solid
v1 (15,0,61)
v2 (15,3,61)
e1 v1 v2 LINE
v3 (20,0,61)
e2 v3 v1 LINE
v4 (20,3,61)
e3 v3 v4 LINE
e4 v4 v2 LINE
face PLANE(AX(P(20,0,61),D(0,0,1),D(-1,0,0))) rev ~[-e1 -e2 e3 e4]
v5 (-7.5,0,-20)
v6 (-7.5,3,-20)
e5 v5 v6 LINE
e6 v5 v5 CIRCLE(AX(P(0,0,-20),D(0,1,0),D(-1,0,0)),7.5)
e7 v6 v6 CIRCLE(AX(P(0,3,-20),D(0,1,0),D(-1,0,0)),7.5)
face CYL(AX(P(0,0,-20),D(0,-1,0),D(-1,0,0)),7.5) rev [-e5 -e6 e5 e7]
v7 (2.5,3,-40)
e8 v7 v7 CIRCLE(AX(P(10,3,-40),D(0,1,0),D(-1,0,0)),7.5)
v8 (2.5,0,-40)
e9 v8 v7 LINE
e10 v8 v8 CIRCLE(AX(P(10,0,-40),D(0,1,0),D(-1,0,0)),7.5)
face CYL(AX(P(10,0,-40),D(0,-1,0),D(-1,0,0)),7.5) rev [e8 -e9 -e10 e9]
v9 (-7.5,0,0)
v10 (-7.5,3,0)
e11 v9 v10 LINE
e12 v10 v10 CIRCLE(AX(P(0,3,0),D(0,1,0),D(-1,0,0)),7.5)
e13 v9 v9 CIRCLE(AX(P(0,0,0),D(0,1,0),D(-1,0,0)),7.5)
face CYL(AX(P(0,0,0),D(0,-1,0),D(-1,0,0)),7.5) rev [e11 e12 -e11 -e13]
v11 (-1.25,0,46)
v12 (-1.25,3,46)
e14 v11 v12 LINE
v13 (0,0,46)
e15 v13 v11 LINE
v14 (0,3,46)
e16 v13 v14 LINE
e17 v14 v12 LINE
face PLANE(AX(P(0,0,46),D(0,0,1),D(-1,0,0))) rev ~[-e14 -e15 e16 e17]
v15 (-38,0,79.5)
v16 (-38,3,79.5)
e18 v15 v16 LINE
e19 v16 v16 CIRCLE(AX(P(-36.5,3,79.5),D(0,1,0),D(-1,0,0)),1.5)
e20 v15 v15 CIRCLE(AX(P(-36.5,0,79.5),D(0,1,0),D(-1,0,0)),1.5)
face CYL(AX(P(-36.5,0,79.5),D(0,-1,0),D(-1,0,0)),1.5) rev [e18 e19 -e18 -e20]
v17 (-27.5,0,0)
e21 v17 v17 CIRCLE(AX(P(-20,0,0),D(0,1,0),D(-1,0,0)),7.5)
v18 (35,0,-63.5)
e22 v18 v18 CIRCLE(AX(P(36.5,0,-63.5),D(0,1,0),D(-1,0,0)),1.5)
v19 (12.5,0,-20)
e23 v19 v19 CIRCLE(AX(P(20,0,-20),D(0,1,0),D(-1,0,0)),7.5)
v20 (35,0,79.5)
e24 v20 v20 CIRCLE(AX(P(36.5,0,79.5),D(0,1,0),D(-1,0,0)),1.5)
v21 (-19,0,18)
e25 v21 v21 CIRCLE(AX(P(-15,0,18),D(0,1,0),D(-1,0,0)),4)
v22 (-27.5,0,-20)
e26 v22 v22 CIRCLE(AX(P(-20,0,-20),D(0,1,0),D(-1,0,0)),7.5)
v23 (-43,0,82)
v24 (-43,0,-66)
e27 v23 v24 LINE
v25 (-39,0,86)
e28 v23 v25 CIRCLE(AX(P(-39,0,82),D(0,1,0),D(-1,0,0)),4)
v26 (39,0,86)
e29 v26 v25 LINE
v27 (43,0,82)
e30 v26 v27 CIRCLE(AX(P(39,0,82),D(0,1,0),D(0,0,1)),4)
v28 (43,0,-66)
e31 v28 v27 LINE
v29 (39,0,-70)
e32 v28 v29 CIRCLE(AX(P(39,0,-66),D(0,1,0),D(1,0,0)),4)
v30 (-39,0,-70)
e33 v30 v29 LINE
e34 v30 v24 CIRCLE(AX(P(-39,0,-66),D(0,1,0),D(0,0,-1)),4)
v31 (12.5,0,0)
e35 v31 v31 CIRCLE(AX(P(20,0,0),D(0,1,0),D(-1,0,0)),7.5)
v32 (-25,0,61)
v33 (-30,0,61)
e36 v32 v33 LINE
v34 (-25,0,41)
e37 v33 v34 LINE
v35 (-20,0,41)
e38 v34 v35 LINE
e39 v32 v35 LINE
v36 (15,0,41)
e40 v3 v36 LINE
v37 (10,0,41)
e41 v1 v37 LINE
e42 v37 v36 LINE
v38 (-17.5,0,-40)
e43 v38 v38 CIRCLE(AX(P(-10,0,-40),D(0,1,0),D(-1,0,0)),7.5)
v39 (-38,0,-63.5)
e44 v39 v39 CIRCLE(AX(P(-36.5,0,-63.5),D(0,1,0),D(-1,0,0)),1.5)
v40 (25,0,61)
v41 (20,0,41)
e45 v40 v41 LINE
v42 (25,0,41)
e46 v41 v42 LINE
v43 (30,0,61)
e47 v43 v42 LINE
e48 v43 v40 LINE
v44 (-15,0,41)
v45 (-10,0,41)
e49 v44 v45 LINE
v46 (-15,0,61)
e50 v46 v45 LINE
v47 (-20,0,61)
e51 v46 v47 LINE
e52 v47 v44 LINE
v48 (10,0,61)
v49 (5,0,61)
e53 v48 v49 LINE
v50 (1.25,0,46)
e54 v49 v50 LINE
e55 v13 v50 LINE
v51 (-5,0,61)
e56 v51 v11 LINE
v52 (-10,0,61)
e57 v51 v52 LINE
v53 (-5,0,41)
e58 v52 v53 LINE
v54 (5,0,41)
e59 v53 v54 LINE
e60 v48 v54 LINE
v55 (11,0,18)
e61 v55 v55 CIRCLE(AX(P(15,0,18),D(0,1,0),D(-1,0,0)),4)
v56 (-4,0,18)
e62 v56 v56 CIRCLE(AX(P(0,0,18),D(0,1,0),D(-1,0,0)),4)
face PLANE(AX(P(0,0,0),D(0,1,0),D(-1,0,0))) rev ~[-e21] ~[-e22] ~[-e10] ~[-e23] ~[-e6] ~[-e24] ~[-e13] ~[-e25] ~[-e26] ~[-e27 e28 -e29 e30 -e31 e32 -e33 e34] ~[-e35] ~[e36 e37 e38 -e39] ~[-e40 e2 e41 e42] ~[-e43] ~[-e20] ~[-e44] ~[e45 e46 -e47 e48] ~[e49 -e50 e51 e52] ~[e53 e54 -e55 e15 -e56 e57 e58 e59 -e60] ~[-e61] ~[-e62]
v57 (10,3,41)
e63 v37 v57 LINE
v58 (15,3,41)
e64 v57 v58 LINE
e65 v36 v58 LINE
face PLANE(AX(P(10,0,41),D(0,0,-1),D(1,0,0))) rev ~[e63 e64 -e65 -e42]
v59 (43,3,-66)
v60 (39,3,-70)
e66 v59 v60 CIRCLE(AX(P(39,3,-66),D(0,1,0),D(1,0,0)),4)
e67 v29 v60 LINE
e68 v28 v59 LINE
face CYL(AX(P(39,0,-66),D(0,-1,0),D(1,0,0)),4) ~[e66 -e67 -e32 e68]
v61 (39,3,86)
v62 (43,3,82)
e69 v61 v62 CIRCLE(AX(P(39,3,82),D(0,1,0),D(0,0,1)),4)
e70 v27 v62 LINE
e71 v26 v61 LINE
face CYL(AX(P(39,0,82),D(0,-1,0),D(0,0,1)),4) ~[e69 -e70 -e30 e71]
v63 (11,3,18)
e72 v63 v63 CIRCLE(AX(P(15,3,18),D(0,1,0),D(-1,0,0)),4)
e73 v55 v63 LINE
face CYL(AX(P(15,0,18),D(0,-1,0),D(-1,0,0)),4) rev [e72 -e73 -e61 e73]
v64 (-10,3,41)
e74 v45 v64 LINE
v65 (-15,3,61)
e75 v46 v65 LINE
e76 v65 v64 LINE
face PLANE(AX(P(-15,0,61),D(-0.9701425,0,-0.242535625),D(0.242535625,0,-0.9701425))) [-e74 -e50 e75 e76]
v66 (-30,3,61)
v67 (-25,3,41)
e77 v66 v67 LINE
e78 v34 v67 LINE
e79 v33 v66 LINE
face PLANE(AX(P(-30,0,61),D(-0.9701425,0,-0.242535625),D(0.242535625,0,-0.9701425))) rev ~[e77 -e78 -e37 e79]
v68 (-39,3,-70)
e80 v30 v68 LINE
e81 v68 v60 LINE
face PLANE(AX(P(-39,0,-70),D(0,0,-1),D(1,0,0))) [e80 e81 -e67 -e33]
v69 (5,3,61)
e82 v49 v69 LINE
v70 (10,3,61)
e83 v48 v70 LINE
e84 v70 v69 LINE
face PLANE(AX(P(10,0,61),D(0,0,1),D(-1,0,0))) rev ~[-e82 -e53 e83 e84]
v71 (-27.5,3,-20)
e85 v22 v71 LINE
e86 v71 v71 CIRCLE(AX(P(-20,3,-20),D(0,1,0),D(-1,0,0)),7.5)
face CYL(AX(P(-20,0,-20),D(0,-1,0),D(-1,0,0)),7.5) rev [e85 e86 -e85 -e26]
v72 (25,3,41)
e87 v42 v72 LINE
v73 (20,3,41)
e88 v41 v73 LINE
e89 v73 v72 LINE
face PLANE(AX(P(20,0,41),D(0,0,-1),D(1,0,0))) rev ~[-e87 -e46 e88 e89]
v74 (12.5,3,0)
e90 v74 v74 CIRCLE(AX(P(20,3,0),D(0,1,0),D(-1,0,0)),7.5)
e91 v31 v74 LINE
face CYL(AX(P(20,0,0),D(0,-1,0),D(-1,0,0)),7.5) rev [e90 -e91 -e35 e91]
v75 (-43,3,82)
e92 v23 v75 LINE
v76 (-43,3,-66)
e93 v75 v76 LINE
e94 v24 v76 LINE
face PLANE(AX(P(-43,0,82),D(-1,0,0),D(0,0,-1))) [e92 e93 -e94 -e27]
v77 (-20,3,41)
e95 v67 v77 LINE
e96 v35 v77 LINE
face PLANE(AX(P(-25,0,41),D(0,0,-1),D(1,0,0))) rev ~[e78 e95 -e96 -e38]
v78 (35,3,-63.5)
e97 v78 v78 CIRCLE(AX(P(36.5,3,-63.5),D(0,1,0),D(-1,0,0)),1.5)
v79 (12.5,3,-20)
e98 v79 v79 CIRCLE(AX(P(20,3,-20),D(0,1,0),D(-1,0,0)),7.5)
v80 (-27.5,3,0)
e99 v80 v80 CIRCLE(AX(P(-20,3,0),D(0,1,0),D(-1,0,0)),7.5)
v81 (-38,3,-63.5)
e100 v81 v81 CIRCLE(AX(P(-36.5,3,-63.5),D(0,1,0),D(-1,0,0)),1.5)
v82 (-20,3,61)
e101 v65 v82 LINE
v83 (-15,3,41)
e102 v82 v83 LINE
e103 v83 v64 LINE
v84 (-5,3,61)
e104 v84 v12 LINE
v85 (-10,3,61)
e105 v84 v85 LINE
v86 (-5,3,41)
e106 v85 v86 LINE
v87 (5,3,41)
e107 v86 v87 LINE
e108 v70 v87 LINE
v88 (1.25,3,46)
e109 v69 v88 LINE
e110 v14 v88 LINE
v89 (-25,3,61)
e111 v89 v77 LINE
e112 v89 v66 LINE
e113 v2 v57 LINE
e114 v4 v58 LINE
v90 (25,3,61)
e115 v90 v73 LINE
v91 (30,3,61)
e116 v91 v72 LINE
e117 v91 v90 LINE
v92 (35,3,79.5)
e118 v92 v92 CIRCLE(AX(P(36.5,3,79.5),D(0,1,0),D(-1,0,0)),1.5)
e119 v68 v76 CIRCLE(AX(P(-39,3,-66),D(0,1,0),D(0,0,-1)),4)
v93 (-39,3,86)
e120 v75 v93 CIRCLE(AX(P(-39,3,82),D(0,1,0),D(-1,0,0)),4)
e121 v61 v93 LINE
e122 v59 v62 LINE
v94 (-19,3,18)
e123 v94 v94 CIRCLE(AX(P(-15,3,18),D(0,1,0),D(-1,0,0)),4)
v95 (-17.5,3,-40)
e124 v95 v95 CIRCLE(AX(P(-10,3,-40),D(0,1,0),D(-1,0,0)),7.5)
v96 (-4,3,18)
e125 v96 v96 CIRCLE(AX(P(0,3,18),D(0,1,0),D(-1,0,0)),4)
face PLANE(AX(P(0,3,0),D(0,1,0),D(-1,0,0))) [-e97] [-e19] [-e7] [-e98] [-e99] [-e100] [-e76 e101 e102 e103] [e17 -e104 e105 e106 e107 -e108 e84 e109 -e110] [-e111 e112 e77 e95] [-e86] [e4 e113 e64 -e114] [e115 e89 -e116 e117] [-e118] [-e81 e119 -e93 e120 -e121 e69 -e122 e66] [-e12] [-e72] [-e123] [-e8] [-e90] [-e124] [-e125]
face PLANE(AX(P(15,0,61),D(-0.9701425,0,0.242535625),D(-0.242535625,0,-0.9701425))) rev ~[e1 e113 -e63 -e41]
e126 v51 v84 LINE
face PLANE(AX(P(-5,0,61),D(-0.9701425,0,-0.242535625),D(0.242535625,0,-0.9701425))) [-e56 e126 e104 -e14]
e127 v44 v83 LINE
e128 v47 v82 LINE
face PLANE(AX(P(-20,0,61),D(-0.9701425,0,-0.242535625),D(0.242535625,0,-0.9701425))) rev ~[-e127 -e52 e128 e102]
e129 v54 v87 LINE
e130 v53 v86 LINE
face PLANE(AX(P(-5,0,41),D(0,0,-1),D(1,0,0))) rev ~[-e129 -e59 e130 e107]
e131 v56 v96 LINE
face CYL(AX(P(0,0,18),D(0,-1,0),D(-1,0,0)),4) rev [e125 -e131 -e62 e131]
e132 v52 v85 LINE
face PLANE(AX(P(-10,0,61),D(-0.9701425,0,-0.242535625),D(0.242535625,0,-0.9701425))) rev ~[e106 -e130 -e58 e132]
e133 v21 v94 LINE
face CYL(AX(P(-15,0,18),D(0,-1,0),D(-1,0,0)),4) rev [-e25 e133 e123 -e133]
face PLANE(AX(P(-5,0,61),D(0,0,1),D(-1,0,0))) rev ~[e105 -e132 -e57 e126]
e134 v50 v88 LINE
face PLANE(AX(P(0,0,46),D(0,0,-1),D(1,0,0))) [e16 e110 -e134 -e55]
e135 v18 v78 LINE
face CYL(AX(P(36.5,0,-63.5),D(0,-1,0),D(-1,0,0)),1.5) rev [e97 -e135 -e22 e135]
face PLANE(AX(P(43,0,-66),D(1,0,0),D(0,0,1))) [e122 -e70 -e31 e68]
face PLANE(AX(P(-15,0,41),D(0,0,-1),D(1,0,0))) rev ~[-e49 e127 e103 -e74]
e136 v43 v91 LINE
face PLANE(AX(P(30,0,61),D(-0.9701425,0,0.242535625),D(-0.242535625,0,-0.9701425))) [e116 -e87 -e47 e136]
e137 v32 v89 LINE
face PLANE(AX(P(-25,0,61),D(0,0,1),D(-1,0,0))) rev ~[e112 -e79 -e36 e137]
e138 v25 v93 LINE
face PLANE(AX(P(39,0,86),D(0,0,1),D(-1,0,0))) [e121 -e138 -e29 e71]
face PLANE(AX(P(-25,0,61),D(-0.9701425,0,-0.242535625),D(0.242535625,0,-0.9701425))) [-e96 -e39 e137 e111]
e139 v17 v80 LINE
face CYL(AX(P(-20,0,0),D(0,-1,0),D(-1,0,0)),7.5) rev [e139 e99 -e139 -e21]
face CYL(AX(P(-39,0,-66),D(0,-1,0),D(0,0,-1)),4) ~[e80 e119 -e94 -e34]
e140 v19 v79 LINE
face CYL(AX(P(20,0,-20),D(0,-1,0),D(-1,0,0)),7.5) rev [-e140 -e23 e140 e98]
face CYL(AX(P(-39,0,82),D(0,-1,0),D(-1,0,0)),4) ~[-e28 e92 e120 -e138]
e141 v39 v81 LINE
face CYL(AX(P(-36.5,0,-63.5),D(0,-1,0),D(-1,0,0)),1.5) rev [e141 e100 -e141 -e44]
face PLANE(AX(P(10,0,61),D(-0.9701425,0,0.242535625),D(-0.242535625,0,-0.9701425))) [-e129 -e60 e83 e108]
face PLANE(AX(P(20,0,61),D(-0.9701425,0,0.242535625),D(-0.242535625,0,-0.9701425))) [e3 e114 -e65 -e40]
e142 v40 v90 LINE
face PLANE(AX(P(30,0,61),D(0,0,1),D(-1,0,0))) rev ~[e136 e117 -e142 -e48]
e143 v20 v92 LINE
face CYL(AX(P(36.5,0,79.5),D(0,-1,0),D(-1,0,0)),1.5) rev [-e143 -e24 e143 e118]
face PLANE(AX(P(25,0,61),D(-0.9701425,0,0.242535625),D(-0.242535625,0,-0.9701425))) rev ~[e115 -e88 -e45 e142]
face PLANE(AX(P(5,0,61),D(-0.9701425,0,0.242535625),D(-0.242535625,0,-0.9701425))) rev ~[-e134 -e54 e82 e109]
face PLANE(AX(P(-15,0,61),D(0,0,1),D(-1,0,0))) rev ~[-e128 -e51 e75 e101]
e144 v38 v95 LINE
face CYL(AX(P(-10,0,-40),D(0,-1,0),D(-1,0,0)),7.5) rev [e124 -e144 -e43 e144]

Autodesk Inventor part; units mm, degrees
ref_plane "YZ Plane" through (0, 0, 0) normal (1, 0, 0) x (0, 1, 0)
ref_plane "XZ Plane" through (0, 0, 0) normal (0, 1, 0) x (-1, 0, 0)
ref_plane "XY Plane" through (0, 0, 0) normal (0, 0, 1) x (1, 0, 0)
sketch "Sketch2" plane through (0, 0, 0) normal (0, 1, 0) x (-1, 0, 0)
  line L0 (-39, 86) -> (39, 86)
  arc A0 (43, 82) -> (39, 86) centre (39, 82) ccw
  line L1 (43, 82) -> (43, -66)
  arc A1 (39, -70) -> (43, -66) centre (39, -66) ccw
  line L2 (39, -70) -> (-39, -70)
  arc A2 (-43, -66) -> (-39, -70) centre (-39, -66) ccw
  line L3 (-43, -66) -> (-43, 82)
  arc A3 (-39, 86) -> (-43, 82) centre (-39, 82) ccw
  circle A4 centre (0, -20) radius 7.5
  circle A5 centre (-20, -20) radius 7.5
  circle A6 centre (20, -20) radius 7.5
  circle A7 centre (0, 0) radius 7.5
  circle A8 centre (-20, 0) radius 7.5
  circle A9 centre (20, 0) radius 7.5
  circle A10 centre (-10, -40) radius 7.5
  circle A11 centre (10, -40) radius 7.5
  circle A12 centre (-36.5, 79.5) radius 1.5
  circle A13 centre (36.5, 79.5) radius 1.5
  circle A14 centre (-36.5, -63.5) radius 1.5
  circle A15 centre (36.5, -63.5) radius 1.5
  circle A16 centre (0, 18) radius 4
  circle A17 centre (-15, 18) radius 4
  circle A18 centre (15, 18) radius 4
  line L4 (-30, 61) -> (-25, 61)
  line L5 (-30, 61) -> (-25, 41)
  line L6 (-25, 61) -> (-20, 41)
  line L7 (-20, 61) -> (-15, 41)
  line L8 (-15, 61) -> (-10, 41)
  line L9 (-10, 61) -> (-5, 41)
  line L10 (-5, 61) -> (-1.25, 46)
  line L11 (30, 61) -> (25, 41)
  line L12 (25, 61) -> (20, 41)
  line L13 (20, 61) -> (15, 41)
  line L14 (15, 61) -> (10, 41)
  line L15 (10, 61) -> (5, 41)
  line L16 (5, 61) -> (1.25, 46)
  line L17 (-20, 61) -> (-15, 61)
  line L18 (-20, 41) -> (-25, 41)
  line L19 (-10, 61) -> (-5, 61)
  line L20 (-10, 41) -> (-15, 41)
  line L21 (25, 41) -> (20, 41)
  line L22 (25, 61) -> (30, 61)
  line L23 (15, 41) -> (10, 41)
  line L24 (15, 61) -> (20, 61)
  line L25 (5, 41) -> (-5, 41)
  line L26 (0, 46) -> (1.25, 46)
  line L27 (0, 46) -> (-1.25, 46)
  line L28 (5, 61) -> (10, 61)
  point P0 (-43, -66)
  point P1 (39, -70)
  point P2 (43, 82)
extrude "Extrusion2" add sketch "Sketch2" along normal blind 3
properties part number "TUTUP CASING TPU"
